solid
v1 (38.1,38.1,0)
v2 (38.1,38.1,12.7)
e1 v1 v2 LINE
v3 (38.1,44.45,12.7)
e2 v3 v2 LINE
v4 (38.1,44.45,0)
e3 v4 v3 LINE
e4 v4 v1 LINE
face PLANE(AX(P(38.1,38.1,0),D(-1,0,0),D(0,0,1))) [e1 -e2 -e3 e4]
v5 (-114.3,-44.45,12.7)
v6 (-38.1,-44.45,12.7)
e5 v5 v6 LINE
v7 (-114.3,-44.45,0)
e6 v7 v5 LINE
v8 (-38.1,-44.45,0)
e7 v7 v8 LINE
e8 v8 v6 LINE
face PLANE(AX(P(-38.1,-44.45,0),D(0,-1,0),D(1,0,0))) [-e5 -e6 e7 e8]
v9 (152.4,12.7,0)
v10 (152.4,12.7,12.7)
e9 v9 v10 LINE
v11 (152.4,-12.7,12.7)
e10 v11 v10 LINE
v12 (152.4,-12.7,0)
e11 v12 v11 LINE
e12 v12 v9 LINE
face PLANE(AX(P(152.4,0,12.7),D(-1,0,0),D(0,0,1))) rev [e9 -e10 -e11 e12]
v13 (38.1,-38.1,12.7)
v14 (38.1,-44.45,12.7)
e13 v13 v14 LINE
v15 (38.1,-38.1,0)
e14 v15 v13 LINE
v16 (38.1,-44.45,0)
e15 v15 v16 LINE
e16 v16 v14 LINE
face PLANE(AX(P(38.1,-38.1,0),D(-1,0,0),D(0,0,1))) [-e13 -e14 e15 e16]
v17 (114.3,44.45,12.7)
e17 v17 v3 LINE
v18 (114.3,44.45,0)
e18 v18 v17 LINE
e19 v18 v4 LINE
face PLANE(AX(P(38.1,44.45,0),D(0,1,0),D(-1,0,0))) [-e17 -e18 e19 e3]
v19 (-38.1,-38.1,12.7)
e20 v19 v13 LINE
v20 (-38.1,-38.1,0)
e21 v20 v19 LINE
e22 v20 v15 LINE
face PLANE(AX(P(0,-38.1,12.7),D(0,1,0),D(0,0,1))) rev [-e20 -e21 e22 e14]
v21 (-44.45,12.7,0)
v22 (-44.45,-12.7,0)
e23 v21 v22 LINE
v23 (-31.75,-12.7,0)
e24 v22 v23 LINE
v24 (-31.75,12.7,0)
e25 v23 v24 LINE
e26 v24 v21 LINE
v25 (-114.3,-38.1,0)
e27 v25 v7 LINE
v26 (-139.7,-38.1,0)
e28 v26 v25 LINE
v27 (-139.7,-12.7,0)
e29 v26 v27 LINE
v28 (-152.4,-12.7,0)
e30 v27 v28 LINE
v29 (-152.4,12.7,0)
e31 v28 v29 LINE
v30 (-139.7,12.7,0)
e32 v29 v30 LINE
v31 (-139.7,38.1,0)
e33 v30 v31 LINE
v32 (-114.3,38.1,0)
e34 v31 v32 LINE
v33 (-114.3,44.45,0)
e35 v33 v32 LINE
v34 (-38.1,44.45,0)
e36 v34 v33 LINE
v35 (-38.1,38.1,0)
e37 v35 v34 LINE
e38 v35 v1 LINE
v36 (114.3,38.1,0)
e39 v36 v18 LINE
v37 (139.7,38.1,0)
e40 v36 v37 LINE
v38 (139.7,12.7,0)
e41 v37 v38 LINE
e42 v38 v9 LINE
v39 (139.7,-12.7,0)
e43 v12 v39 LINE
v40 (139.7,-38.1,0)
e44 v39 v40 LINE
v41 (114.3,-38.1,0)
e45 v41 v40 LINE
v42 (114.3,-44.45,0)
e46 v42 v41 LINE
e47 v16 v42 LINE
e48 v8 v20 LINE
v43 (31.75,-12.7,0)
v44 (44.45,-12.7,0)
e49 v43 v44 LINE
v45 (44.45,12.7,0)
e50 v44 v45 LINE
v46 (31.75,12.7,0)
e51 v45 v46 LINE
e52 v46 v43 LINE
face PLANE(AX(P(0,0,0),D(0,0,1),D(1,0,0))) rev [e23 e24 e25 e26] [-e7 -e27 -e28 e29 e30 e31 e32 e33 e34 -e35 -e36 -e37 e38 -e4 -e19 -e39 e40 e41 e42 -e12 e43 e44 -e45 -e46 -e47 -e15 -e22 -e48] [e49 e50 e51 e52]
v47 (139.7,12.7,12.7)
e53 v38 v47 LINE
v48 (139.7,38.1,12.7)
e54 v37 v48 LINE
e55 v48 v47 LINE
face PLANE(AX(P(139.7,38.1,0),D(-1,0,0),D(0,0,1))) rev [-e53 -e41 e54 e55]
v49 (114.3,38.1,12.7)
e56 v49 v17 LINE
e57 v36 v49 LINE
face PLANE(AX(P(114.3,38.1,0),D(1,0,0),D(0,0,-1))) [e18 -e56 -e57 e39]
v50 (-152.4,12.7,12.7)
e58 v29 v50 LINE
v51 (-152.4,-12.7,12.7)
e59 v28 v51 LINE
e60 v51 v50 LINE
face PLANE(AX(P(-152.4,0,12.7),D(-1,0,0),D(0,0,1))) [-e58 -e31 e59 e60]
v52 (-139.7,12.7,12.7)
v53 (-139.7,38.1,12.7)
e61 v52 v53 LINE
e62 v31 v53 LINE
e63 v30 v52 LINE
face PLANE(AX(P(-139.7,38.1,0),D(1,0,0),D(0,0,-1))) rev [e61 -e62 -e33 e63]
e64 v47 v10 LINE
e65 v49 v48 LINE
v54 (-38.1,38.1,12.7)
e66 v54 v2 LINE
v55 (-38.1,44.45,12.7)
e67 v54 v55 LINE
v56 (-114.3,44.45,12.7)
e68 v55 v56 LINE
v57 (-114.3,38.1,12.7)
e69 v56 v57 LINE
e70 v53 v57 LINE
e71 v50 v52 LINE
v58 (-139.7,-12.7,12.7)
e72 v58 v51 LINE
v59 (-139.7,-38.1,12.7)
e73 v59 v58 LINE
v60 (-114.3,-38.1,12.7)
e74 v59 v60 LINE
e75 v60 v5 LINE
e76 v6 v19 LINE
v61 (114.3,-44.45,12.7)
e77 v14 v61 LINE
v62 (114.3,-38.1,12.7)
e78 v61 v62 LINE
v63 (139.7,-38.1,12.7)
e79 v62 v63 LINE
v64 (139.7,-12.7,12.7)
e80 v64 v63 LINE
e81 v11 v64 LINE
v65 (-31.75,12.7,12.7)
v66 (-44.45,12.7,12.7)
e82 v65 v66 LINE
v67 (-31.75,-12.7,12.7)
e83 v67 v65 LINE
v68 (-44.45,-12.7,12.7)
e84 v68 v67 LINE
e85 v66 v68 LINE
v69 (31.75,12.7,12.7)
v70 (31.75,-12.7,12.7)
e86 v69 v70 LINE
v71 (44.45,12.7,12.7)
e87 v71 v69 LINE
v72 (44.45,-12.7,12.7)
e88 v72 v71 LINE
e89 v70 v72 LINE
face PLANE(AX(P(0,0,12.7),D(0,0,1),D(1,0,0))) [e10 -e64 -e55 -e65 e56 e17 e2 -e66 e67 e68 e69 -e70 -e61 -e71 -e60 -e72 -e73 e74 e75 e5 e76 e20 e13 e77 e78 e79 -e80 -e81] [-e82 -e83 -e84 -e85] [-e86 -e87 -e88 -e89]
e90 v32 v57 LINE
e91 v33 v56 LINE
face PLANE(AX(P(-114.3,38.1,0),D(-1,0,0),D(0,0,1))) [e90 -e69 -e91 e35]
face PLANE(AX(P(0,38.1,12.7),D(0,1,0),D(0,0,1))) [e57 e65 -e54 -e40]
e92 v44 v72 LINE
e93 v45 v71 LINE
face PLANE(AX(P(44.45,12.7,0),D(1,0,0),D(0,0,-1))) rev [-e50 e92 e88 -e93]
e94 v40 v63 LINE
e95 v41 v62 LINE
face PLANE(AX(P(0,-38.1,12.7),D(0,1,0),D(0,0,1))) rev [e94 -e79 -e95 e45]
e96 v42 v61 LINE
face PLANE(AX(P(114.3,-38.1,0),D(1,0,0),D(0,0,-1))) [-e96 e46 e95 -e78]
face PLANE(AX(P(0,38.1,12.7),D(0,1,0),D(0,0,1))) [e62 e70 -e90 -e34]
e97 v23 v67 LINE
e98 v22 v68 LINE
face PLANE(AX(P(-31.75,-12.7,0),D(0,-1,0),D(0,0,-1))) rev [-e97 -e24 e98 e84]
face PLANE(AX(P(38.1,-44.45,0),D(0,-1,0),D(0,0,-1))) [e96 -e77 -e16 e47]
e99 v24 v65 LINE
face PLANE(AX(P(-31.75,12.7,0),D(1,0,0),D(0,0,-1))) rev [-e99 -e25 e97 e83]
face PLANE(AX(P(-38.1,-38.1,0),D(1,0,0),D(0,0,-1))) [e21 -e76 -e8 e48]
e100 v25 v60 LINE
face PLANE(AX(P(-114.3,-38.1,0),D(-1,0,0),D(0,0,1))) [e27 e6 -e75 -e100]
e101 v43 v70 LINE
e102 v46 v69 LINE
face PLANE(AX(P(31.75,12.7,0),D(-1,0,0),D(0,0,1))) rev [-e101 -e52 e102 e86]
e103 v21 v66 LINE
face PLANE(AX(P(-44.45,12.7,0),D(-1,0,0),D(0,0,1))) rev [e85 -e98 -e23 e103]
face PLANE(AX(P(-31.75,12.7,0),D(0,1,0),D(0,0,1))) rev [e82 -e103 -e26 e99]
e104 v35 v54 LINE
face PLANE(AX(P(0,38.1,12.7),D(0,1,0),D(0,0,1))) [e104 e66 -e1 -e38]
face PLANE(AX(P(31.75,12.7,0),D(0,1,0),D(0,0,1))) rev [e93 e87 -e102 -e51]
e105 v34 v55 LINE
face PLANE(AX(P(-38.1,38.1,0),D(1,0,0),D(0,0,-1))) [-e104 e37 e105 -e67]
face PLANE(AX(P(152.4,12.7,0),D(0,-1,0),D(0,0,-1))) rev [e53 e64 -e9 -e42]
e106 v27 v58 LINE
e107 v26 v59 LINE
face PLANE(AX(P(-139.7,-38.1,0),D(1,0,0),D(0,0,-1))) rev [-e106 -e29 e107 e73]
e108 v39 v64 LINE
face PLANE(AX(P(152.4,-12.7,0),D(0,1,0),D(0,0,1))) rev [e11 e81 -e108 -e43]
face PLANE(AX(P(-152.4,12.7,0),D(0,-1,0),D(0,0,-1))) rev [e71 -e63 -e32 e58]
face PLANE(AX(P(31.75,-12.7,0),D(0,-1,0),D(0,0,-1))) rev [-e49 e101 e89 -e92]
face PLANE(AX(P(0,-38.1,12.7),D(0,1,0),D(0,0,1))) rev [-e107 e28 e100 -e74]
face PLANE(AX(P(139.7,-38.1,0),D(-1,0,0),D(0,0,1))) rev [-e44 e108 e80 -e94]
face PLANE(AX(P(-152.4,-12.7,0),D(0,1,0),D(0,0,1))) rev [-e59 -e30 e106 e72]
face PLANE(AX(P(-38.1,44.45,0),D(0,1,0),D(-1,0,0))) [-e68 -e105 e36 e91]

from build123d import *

# Parameters (mm, degrees)
SKETCH1_W           = 304.8
SKETCH1_H           = 76.2
BOSS_EXTRUDE1_DEPTH = 12.7
SKETCH2_W           = 76.2
SKETCH2_H           = 6.35
BOSS_EXTRUDE2_DEPTH = 12.7
SKETCH3_W           = 12.7
SKETCH3_H           = 25.4
CUT_EXTRUDE1_DEPTH  = 160.257189791


with BuildPart() as part:
    # Sketch1 → Boss-Extrude1 (new body)
    with BuildSketch(Plane.XY):
        Rectangle(SKETCH1_W, SKETCH1_H)
    extrude(amount=BOSS_EXTRUDE1_DEPTH)

    # Sketch2 → Boss-Extrude2 (add)
    with BuildSketch(Plane.XY.offset(12.7)):
        with Locations((-76.2, -41.275)):
            Rectangle(SKETCH2_W, SKETCH2_H)
        with Locations((76.2, -41.275)):
            Rectangle(SKETCH2_W, SKETCH2_H)
        with Locations((76.2, 41.275)):
            Rectangle(SKETCH2_W, SKETCH2_H)
        with Locations((-76.2, 41.275)):
            Rectangle(SKETCH2_W, SKETCH2_H)
    extrude(amount=-BOSS_EXTRUDE2_DEPTH)

    # Sketch3 → Cut-Extrude1 (cut, through all)
    with BuildSketch(Plane.XY.offset(12.7)):
        with Locations((-146.05, -25.4)):
            Rectangle(SKETCH3_W, SKETCH3_H)
        with Locations((-146.05, 25.4)):
            Rectangle(SKETCH3_W, SKETCH3_H)
        with Locations((146.05, 25.4)):
            Rectangle(SKETCH3_W, SKETCH3_H)
        with Locations((146.05, -25.4)):
            Rectangle(SKETCH3_W, SKETCH3_H)
        with Locations((38.1, 0)):
            Rectangle(SKETCH3_W, SKETCH3_H)
        with Locations((-38.1, 0)):
            Rectangle(SKETCH3_W, SKETCH3_H)
    extrude(amount=-CUT_EXTRUDE1_DEPTH, mode=Mode.SUBTRACT)


solid = part.part
